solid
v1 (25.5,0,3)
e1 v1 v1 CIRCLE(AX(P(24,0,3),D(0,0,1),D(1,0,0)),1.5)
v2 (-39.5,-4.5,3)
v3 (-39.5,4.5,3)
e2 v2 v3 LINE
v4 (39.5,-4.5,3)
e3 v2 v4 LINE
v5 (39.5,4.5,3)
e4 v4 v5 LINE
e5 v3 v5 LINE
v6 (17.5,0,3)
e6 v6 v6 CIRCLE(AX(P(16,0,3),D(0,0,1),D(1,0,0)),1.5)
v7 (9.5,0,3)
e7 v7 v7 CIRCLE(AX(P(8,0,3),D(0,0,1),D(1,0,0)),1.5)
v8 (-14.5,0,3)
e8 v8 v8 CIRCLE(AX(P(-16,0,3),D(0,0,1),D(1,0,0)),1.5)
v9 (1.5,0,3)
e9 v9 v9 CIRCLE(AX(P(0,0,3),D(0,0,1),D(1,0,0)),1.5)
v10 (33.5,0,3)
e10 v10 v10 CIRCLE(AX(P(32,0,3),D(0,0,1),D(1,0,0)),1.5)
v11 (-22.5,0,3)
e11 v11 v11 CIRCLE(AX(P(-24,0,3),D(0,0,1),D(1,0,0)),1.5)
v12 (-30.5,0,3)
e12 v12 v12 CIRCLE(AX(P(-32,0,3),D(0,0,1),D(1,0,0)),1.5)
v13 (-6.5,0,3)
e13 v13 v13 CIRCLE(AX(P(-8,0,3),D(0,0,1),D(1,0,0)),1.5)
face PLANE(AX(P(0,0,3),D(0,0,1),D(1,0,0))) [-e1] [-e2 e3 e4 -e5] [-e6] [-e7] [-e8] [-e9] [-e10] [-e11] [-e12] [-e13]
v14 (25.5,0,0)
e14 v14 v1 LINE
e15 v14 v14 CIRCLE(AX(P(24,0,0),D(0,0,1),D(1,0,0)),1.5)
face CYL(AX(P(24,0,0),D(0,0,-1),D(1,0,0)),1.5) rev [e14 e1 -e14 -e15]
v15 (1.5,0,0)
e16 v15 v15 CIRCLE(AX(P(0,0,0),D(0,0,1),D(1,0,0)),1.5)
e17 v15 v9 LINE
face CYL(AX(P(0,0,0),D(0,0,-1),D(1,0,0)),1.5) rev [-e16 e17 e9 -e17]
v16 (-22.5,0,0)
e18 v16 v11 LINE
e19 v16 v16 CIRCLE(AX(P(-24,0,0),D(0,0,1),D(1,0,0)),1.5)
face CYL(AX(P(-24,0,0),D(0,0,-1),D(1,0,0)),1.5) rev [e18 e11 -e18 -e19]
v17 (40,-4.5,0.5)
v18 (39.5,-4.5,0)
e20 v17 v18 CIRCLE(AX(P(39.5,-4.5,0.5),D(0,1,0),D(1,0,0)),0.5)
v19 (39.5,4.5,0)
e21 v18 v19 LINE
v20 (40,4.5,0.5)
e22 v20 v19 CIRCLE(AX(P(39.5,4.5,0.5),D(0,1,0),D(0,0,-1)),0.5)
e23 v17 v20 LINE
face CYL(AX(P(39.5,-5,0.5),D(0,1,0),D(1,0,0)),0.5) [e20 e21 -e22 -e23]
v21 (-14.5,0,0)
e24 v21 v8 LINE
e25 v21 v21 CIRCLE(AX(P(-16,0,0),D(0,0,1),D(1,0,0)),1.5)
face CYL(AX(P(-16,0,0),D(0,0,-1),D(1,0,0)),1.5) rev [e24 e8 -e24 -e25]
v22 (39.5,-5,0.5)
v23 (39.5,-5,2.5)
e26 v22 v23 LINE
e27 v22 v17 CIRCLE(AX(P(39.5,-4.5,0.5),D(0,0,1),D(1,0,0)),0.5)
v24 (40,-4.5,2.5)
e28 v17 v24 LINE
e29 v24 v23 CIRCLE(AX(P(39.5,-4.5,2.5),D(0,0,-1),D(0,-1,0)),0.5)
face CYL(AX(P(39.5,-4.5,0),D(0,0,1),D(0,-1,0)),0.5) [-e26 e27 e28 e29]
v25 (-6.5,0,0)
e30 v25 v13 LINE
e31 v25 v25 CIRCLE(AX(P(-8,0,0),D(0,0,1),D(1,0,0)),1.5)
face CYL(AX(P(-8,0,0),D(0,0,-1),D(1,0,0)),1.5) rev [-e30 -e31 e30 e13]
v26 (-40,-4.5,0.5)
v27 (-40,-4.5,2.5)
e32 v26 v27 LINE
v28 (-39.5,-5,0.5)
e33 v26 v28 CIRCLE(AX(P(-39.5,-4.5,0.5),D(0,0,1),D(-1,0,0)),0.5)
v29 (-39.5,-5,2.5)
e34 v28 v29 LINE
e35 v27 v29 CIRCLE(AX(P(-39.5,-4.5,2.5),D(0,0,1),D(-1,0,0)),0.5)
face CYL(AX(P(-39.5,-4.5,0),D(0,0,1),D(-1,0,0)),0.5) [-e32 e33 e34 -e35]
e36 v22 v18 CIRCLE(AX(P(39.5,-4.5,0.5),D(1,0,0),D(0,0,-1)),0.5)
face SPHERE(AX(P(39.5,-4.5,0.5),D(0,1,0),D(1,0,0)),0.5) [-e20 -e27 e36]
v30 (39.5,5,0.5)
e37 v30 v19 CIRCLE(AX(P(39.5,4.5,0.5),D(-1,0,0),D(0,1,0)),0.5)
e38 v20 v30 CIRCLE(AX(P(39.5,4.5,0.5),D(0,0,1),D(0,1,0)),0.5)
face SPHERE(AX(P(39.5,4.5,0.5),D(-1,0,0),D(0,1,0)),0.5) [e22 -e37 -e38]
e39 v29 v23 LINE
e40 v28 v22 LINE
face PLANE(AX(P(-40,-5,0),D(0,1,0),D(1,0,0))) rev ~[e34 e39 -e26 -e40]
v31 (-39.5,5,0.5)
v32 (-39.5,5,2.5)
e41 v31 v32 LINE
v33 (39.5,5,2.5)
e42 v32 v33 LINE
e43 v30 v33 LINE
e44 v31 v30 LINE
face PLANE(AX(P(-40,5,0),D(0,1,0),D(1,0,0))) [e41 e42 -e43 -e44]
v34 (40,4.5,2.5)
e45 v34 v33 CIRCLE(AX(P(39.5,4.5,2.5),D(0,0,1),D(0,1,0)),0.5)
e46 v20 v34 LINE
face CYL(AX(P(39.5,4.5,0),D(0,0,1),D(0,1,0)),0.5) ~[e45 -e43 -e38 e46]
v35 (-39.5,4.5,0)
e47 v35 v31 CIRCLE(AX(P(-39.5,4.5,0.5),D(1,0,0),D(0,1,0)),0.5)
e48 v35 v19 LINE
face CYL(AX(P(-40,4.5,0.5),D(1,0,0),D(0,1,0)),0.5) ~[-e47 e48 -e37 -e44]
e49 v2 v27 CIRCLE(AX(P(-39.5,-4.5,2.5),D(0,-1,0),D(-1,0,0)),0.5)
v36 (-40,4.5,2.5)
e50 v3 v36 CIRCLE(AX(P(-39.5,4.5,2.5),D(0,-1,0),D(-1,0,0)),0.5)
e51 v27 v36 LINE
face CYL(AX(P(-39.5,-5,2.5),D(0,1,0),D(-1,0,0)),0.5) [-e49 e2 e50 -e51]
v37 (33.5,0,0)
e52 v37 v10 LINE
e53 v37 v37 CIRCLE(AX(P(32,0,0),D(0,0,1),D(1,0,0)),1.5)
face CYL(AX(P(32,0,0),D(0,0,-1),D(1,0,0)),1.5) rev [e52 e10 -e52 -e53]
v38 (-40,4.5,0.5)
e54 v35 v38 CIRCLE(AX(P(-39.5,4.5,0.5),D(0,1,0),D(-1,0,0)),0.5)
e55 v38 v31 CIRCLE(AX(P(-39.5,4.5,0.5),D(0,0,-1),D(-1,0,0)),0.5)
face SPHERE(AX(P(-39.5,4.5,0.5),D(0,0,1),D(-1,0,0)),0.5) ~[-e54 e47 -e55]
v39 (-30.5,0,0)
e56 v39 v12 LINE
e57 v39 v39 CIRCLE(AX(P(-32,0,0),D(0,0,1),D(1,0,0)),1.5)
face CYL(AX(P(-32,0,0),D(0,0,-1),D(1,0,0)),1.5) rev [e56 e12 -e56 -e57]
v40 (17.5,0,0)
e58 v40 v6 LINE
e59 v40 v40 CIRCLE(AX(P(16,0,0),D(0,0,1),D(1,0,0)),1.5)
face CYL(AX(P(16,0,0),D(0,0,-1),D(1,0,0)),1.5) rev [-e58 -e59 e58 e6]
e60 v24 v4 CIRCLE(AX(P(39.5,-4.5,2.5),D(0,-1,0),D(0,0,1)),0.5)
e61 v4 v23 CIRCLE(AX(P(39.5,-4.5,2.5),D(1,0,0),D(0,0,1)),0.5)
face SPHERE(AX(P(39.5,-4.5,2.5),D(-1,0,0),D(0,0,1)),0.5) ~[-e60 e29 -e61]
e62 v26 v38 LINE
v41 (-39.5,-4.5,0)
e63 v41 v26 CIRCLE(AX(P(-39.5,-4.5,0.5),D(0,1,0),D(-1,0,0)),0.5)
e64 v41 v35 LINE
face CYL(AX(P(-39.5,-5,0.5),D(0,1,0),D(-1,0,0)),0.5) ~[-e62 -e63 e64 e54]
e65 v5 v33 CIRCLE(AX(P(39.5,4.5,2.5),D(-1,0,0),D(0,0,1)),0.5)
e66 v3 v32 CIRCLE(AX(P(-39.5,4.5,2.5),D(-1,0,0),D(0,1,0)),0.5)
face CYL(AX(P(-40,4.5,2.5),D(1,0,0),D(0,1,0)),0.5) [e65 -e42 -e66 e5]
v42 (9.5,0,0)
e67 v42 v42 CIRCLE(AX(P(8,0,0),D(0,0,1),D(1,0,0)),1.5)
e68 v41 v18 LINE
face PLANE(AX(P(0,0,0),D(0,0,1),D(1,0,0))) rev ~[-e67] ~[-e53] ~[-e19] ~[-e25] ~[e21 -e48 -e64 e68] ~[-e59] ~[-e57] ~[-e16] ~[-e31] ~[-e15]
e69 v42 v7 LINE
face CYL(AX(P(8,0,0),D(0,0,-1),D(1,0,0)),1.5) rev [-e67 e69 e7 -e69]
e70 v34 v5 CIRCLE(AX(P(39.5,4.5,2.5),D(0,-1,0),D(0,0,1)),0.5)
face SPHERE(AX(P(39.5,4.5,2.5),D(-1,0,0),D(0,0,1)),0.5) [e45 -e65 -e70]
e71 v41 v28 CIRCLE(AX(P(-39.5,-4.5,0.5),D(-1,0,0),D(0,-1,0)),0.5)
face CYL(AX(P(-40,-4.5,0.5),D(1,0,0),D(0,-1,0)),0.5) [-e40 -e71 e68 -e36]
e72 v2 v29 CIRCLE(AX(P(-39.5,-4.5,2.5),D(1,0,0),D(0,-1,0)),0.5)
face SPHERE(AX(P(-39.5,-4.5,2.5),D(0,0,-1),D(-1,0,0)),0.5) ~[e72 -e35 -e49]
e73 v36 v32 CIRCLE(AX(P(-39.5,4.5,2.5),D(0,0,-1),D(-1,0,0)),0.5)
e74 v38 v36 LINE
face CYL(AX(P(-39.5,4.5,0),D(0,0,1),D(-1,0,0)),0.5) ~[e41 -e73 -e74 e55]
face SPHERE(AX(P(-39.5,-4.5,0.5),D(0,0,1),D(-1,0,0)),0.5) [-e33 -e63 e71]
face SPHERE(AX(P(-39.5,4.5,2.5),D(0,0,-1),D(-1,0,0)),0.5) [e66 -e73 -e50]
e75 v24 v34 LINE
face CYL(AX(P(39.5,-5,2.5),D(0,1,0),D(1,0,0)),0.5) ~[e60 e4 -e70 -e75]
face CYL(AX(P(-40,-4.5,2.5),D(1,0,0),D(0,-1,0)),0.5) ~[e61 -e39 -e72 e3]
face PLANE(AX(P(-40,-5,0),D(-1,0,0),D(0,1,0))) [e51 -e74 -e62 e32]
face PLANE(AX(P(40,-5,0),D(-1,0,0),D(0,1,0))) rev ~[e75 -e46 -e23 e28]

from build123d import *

# Parameters (mm, degrees)
SKETCH_W  = 80
SKETCH_H  = 10
SKETCH_R  = 1.5
PAD_DEPTH = 3
FILLET_R  = 0.5


with BuildPart() as part:
    # Sketch → Pad (new body)
    with BuildSketch(Plane.XY):
        Rectangle(SKETCH_W, SKETCH_H)
        with Locations((-32, 0)):
            Circle(SKETCH_R, mode=Mode.SUBTRACT)
        with Locations((-24, 0)):
            Circle(SKETCH_R, mode=Mode.SUBTRACT)
        with Locations((-8, 0)):
            Circle(SKETCH_R, mode=Mode.SUBTRACT)
        Circle(SKETCH_R, mode=Mode.SUBTRACT)
        with Locations((8, 0)):
            Circle(SKETCH_R, mode=Mode.SUBTRACT)
        with Locations((16, 0)):
            Circle(SKETCH_R, mode=Mode.SUBTRACT)
        with Locations((24, 0)):
            Circle(SKETCH_R, mode=Mode.SUBTRACT)
        with Locations((32, 0)):
            Circle(SKETCH_R, mode=Mode.SUBTRACT)
        with Locations((-16, 0)):
            Circle(SKETCH_R, mode=Mode.SUBTRACT)
    extrude(amount=PAD_DEPTH)

    # Fillet
    fillet_edges = [part.edges().sort_by_distance(p)[0] for p in [
        (-40, 5, 1.5),
        (-40, -5, 1.5),
        (-40, 0, 3),
        (-40, 0, 0),
        (0, 5, 3),
        (0, 5, 0),
        (0, -5, 3),
        (40, 0, 3),
        (40, 5, 1.5),
        (40, 0, 0),
        (40, -5, 1.5),
        (0, -5, 0),
    ]]
    fillet(fillet_edges, radius=FILLET_R)


solid = part.part
